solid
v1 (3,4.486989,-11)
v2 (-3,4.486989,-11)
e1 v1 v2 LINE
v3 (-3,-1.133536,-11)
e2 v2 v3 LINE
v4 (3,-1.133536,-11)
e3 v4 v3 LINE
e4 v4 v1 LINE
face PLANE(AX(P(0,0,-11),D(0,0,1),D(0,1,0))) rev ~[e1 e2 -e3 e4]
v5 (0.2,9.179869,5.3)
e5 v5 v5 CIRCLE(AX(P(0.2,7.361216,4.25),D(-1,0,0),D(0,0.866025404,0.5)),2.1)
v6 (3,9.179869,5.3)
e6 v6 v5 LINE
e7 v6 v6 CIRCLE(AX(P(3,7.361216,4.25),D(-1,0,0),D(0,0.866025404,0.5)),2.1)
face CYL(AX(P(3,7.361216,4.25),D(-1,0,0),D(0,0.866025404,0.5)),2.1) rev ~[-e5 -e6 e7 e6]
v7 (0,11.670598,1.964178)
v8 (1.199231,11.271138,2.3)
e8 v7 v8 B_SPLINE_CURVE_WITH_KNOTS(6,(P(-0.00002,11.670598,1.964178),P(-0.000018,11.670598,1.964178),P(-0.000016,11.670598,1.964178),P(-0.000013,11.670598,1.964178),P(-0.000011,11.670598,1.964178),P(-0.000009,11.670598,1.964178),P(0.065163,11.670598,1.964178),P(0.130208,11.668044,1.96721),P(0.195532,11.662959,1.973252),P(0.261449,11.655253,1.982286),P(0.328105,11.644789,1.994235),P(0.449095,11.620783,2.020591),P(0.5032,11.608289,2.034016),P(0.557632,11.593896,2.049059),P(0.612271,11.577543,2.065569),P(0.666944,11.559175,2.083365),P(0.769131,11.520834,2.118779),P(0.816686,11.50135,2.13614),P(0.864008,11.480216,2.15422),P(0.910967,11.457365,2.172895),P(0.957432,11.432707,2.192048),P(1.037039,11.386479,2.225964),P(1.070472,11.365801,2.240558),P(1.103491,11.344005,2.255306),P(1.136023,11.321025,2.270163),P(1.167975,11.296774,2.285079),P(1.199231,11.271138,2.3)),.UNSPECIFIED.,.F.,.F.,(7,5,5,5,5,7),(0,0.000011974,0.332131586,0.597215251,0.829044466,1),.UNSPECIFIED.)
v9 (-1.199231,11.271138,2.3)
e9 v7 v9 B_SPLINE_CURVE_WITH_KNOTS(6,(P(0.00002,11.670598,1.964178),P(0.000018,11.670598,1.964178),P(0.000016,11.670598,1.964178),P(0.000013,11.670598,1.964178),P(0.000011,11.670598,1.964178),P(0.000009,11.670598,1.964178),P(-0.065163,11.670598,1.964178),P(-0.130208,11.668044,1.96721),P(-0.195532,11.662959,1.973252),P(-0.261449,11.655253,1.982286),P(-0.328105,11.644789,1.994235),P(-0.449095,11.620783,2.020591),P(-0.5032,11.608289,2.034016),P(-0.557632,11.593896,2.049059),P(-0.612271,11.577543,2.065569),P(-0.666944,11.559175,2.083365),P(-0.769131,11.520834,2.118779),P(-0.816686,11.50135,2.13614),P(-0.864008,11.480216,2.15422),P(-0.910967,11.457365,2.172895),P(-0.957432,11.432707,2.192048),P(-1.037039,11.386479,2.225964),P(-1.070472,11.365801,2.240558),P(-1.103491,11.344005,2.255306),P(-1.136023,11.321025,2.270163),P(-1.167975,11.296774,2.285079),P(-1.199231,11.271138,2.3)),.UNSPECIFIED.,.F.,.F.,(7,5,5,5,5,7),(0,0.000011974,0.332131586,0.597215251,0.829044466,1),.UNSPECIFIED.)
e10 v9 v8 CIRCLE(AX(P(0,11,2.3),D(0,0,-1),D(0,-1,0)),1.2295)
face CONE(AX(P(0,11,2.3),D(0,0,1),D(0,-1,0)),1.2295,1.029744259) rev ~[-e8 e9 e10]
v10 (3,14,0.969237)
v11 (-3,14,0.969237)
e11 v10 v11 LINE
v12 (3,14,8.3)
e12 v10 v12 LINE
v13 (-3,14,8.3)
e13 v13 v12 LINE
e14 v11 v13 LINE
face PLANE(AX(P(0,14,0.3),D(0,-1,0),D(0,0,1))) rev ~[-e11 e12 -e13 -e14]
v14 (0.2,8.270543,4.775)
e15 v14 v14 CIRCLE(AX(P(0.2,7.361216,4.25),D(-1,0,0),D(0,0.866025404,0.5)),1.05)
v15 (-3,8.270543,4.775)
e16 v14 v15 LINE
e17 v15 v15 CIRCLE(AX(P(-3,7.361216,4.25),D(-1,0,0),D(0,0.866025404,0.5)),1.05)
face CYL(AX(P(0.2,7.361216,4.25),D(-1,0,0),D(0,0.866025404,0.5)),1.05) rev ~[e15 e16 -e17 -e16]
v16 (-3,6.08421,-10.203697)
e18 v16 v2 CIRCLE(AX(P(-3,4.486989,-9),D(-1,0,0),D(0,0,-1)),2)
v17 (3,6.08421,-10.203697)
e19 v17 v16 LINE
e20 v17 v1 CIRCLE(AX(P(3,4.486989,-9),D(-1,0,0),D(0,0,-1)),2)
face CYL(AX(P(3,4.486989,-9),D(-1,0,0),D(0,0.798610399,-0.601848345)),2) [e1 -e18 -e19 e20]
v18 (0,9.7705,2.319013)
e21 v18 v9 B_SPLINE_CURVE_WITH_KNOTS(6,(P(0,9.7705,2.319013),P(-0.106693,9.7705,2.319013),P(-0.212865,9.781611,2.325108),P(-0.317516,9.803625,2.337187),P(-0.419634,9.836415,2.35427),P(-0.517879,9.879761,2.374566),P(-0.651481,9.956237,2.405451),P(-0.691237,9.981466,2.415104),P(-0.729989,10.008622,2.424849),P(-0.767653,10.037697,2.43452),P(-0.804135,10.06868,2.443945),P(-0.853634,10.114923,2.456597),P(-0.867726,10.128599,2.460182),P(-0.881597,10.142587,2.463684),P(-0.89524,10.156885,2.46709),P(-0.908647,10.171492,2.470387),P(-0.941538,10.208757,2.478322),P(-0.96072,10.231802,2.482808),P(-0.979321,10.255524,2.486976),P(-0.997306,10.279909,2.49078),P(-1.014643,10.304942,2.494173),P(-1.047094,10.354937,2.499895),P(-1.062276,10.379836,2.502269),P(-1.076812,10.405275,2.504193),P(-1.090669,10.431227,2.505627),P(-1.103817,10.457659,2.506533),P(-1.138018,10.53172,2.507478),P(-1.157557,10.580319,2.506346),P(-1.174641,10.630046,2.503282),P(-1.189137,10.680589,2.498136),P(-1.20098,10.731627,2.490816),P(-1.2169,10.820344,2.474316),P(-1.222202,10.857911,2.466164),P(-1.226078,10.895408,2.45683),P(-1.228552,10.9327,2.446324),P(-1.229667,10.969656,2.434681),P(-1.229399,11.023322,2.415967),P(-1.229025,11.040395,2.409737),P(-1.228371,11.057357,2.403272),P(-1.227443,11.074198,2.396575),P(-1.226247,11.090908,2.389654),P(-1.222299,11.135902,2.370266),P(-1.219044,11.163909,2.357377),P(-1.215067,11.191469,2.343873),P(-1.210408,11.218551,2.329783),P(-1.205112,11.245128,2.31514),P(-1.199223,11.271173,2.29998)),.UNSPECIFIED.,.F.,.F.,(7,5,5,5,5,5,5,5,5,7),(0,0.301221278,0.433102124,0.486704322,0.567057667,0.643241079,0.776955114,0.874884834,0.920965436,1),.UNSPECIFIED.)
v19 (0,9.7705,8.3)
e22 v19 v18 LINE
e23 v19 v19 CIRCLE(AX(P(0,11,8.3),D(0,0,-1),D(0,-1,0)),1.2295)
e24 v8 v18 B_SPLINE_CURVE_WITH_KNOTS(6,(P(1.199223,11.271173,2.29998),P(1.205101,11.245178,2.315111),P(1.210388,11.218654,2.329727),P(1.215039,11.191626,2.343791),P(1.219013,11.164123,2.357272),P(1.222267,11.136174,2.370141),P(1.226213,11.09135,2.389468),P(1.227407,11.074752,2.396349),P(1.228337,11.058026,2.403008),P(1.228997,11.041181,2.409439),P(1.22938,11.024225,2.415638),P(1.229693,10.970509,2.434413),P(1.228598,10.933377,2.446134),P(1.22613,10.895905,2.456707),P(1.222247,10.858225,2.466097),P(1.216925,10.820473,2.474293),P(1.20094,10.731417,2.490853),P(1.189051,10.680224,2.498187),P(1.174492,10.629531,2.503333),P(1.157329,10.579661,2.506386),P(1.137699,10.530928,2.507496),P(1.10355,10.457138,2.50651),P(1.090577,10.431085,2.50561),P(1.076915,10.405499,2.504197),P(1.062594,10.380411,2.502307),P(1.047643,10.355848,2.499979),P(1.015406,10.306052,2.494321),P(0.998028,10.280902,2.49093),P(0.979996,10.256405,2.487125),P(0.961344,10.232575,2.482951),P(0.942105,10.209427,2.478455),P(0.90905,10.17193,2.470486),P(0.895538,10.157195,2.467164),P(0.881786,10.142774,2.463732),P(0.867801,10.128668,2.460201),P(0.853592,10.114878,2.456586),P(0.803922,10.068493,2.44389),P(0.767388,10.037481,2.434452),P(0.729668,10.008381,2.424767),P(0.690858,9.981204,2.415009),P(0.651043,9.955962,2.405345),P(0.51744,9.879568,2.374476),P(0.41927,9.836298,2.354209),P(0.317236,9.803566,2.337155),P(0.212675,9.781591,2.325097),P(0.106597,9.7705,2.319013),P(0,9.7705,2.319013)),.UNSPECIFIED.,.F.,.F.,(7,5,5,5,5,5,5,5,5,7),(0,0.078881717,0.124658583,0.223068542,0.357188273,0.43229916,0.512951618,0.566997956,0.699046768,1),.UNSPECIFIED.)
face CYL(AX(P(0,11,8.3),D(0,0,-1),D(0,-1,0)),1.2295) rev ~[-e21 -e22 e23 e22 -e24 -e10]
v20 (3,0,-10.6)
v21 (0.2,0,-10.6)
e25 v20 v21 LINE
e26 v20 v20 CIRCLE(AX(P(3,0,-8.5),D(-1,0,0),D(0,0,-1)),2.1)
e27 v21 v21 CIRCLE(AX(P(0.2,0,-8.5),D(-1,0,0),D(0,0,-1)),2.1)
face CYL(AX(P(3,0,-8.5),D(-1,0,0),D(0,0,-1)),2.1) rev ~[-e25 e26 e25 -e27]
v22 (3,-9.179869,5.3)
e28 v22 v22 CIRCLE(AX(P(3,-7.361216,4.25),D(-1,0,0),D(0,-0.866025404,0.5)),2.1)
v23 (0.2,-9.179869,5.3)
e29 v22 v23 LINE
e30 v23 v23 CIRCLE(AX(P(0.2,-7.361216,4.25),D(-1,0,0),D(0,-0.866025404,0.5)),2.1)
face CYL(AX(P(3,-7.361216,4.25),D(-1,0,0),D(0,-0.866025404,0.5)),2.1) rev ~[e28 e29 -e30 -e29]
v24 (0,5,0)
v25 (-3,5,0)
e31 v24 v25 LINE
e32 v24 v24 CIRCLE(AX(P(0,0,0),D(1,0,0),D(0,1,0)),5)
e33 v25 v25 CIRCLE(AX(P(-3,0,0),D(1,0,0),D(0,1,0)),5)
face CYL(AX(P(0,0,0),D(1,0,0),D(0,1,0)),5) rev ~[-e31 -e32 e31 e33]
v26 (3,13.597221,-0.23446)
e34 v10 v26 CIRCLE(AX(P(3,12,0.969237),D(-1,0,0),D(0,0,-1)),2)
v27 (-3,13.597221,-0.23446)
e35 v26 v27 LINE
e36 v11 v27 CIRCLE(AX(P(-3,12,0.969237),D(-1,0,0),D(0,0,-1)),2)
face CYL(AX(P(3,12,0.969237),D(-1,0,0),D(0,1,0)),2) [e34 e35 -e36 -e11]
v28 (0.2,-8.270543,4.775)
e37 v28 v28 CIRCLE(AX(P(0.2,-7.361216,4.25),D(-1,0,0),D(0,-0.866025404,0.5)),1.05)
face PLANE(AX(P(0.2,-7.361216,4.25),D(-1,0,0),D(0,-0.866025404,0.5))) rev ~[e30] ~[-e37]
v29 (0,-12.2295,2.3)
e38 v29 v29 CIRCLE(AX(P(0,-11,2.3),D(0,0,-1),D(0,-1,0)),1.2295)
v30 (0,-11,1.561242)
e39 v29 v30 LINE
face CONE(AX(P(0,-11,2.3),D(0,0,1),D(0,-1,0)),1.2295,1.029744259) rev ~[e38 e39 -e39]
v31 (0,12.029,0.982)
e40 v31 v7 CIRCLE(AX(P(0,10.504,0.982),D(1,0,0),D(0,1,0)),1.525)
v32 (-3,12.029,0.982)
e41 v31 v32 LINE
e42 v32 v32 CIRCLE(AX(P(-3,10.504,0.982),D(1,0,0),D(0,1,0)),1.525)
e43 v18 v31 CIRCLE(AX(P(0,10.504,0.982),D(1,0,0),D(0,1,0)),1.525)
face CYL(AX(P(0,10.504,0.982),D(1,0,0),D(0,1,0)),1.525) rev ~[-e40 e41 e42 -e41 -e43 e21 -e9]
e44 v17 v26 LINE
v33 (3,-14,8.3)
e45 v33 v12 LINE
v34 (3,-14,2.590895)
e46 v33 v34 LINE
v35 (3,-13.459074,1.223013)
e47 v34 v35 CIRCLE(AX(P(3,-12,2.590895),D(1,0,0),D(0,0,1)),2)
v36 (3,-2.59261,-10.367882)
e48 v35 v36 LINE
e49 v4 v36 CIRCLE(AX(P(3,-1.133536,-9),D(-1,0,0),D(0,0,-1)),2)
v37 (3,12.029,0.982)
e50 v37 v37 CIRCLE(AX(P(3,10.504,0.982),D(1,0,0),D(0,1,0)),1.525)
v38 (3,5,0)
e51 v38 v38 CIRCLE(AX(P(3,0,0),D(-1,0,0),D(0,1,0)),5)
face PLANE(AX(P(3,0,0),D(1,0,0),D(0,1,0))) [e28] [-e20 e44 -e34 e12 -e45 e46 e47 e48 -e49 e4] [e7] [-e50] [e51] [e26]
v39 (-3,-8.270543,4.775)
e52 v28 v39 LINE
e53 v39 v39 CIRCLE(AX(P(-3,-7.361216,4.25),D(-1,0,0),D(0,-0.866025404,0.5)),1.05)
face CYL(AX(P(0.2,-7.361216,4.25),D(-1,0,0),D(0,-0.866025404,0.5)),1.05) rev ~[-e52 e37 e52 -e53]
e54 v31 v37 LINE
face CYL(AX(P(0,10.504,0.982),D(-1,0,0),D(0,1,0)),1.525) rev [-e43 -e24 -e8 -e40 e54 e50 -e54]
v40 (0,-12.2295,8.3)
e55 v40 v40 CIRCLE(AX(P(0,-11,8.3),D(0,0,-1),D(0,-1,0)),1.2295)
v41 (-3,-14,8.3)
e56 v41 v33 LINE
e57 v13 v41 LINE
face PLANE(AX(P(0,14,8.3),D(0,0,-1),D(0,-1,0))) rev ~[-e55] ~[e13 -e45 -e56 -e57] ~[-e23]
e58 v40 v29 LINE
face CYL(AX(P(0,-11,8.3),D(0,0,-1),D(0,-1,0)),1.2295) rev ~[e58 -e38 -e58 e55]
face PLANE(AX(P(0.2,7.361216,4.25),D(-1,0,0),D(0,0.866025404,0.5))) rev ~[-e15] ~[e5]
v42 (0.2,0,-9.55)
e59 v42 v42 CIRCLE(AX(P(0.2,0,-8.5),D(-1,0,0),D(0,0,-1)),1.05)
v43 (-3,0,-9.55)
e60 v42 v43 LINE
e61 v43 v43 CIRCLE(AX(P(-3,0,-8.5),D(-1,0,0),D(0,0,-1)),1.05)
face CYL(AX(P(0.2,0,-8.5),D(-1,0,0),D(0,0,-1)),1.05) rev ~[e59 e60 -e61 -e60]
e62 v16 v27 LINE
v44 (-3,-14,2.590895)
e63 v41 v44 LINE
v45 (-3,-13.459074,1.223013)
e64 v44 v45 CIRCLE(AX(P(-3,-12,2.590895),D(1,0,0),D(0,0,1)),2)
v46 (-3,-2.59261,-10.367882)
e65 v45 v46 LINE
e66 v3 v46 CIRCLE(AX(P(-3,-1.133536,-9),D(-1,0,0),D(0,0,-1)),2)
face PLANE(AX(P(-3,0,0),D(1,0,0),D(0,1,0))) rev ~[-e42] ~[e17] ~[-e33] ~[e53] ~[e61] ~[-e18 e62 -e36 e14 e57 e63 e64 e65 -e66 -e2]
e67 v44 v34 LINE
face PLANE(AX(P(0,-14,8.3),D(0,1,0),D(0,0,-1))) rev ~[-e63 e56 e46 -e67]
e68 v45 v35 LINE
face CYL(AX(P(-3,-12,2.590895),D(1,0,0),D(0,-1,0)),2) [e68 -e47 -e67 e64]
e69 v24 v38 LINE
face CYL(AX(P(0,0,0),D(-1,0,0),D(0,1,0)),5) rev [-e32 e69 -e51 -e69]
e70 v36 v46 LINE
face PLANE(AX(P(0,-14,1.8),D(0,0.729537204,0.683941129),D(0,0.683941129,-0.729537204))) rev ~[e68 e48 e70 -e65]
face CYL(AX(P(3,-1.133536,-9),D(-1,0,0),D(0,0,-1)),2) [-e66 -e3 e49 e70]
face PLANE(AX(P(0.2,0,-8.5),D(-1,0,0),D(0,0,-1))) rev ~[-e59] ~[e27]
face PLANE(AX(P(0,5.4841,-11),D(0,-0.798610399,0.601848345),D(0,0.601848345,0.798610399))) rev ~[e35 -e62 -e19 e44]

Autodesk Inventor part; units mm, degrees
ref_plane "YZ Plane" through (0, 0, 0) normal (1, 0, 0) x (0, 1, 0)
ref_plane "XZ Plane" through (0, 0, 0) normal (0, 1, 0) x (-1, 0, 0)
ref_plane "XY Plane" through (0, 0, 0) normal (0, 0, 1) x (1, 0, 0)
sketch "Skizze1" plane through (0, 0, 0) normal (1, 0, 0) x (0, 1, 0)
  arc A0 (-7.2187, 8.3) -> (7.2187, 8.3) centre (0, 0) ccw construction
  line L0 (14, 8.3) -> (-14, 8.3)
  line L1 (-14, 8.3) -> (-14, 1.8)
  line L2 (0, 12.16) -> (0, -14.86) projected
  circle A1 centre (0, 0) radius 5
  line L3 (14, 0.3) -> (14, 8.3)
  line L4 (-14, 1.8) -> (-2, -11)
  line L5 (-2, -11) -> (5.4841, -11)
  line L6 (5.4841, -11) -> (14, 0.3)
  circle A2 centre (10.504, 0.982) radius 1.525
  dimension "d0" = 22
  dimension "d2" = 10
  dimension "d19" = 8.3
  dimension "d39" = 14
  dimension "d50" = 3.05
  dimension "d57" = 10.504
  dimension "d61" = 2
  dimension "d62" = 6.5
  dimension "d63" = 8
  dimension "d86" = 10.5498
  dimension "d87" = 7.318
  dimension "d88" = 0.982
extrude "Extrusion1" add sketch "Skizze1" along normal mid plane 6 contours L3 L6 L5 L2 A1 L0 | L2 A1 L5 L4 L1 L0
sketch "Skizze2" plane through (3, 0, 0) normal (1, 0, 0) x (0, 0, -1)
  circle A0 centre (0, 0) radius 8.5 construction
  line L0 (0, 0) -> (8.5, 0) construction
  line L1 (-12.4, 0) -> (14.9, 0) projected
  dimension "d6" = 17
hole "Bohrung1" at (3, 0, -8.5) direction (-1, 0, 0) diameter 2.1 end through all counterbore diameter 4.2 counterbore depth 2.8
pattern_circular "Runde Anordnung1" count 3 over 360 about axis through (0, 0, 0) along (1, 0, 0) of "Bohrung1"
sketch "Skizze3" plane through (-3, -14, 8.3) normal (0, 0, 1) x (1, 0, 0)
  line L0 (0, 0) -> (6, 0) projected
  line L1 (6, 28) -> (6, 0) projected
  line L2 (0, 0) -> (0, 28) projected
  line L3 (0, 0) -> (6, 0) construction
  line L4 (3, 0) -> (3, 24.0467) construction
  line L5 (6, 28) -> (0, 28) projected
  line L6 (-1.2, 14) -> (7.2, 14) projected
  point P0 (3, 14)
  point P1 (3, 3)
  point P2 (3, 25)
  dimension "d44" = 11
hole "Bohrung2" at (0, -11, 8.3) at (0, 11, 8.3) direction (0, 0, -1) diameter 2.459 depth 6 tip angle 118 thread size "M3x0.5" class "6H" standard "ISO Metric profile"
fillet "Rundung2" radius 2 4 edges at (0, -2, -11) (0, 5.4841, -11) (0, -14, 1.8) (0, 14, 0.3)
sketch "Skizze7" plane through (-3, -14, 8.3) normal (0, 0, 1) x (1, 0, 0)
  line L0 (3, 33.6) -> (3, -5.6) construction
  line L1 (-1.2, 14) -> (7.2, 14) construction
  point P0 (3, 14)
  point P1 (3, 10)
  point P2 (3, 18)
  dimension "d78" = 8
hole "Bohrung4" [suppressed]
sketch "Skizze6" plane through (3, 0, 0) normal (1, 0, 0) x (0, 0, -1)
  circle A0 centre (0.5, -7.5) radius 1.5
  circle A1 centre (0.5, -7.5) radius 3 construction
  circle A2 centre (-0.982, 10.504) radius 1.525 construction
  circle A3 centre (-0.982, 10.504) radius 2.75 construction
  circle A4 centre (3, 7.5) radius 3 construction
  circle A5 centre (3, 7.5) radius 1.5
  line L0 (-1.223, -13.4591) -> (10.3679, -2.5926) construction
  line L1 (10.2037, 6.0842) -> (0.2345, 13.5972) construction
  circle A6 centre (-4.25, -7.3612) radius 2.1 construction
  circle A7 centre (0, 0) radius 5 construction
  dimension "d64" = 3
  dimension "d65" = 6
  dimension "d66" = 5.5
  dimension "d67" = 6
  dimension "d68" = 3
  dimension "d69" = 1.152
  dimension "d70" = 1.963
  dimension "d71" = 7.5
  dimension "d72" = 0.5
  dimension "d73" = 7.5
  dimension "d74" = 3
  dimension "d75" = 1.0167
extrude "Fräshalterung Schrauben" [suppressed]
properties part number "Motorhalter" material "Aluminium 6061"
